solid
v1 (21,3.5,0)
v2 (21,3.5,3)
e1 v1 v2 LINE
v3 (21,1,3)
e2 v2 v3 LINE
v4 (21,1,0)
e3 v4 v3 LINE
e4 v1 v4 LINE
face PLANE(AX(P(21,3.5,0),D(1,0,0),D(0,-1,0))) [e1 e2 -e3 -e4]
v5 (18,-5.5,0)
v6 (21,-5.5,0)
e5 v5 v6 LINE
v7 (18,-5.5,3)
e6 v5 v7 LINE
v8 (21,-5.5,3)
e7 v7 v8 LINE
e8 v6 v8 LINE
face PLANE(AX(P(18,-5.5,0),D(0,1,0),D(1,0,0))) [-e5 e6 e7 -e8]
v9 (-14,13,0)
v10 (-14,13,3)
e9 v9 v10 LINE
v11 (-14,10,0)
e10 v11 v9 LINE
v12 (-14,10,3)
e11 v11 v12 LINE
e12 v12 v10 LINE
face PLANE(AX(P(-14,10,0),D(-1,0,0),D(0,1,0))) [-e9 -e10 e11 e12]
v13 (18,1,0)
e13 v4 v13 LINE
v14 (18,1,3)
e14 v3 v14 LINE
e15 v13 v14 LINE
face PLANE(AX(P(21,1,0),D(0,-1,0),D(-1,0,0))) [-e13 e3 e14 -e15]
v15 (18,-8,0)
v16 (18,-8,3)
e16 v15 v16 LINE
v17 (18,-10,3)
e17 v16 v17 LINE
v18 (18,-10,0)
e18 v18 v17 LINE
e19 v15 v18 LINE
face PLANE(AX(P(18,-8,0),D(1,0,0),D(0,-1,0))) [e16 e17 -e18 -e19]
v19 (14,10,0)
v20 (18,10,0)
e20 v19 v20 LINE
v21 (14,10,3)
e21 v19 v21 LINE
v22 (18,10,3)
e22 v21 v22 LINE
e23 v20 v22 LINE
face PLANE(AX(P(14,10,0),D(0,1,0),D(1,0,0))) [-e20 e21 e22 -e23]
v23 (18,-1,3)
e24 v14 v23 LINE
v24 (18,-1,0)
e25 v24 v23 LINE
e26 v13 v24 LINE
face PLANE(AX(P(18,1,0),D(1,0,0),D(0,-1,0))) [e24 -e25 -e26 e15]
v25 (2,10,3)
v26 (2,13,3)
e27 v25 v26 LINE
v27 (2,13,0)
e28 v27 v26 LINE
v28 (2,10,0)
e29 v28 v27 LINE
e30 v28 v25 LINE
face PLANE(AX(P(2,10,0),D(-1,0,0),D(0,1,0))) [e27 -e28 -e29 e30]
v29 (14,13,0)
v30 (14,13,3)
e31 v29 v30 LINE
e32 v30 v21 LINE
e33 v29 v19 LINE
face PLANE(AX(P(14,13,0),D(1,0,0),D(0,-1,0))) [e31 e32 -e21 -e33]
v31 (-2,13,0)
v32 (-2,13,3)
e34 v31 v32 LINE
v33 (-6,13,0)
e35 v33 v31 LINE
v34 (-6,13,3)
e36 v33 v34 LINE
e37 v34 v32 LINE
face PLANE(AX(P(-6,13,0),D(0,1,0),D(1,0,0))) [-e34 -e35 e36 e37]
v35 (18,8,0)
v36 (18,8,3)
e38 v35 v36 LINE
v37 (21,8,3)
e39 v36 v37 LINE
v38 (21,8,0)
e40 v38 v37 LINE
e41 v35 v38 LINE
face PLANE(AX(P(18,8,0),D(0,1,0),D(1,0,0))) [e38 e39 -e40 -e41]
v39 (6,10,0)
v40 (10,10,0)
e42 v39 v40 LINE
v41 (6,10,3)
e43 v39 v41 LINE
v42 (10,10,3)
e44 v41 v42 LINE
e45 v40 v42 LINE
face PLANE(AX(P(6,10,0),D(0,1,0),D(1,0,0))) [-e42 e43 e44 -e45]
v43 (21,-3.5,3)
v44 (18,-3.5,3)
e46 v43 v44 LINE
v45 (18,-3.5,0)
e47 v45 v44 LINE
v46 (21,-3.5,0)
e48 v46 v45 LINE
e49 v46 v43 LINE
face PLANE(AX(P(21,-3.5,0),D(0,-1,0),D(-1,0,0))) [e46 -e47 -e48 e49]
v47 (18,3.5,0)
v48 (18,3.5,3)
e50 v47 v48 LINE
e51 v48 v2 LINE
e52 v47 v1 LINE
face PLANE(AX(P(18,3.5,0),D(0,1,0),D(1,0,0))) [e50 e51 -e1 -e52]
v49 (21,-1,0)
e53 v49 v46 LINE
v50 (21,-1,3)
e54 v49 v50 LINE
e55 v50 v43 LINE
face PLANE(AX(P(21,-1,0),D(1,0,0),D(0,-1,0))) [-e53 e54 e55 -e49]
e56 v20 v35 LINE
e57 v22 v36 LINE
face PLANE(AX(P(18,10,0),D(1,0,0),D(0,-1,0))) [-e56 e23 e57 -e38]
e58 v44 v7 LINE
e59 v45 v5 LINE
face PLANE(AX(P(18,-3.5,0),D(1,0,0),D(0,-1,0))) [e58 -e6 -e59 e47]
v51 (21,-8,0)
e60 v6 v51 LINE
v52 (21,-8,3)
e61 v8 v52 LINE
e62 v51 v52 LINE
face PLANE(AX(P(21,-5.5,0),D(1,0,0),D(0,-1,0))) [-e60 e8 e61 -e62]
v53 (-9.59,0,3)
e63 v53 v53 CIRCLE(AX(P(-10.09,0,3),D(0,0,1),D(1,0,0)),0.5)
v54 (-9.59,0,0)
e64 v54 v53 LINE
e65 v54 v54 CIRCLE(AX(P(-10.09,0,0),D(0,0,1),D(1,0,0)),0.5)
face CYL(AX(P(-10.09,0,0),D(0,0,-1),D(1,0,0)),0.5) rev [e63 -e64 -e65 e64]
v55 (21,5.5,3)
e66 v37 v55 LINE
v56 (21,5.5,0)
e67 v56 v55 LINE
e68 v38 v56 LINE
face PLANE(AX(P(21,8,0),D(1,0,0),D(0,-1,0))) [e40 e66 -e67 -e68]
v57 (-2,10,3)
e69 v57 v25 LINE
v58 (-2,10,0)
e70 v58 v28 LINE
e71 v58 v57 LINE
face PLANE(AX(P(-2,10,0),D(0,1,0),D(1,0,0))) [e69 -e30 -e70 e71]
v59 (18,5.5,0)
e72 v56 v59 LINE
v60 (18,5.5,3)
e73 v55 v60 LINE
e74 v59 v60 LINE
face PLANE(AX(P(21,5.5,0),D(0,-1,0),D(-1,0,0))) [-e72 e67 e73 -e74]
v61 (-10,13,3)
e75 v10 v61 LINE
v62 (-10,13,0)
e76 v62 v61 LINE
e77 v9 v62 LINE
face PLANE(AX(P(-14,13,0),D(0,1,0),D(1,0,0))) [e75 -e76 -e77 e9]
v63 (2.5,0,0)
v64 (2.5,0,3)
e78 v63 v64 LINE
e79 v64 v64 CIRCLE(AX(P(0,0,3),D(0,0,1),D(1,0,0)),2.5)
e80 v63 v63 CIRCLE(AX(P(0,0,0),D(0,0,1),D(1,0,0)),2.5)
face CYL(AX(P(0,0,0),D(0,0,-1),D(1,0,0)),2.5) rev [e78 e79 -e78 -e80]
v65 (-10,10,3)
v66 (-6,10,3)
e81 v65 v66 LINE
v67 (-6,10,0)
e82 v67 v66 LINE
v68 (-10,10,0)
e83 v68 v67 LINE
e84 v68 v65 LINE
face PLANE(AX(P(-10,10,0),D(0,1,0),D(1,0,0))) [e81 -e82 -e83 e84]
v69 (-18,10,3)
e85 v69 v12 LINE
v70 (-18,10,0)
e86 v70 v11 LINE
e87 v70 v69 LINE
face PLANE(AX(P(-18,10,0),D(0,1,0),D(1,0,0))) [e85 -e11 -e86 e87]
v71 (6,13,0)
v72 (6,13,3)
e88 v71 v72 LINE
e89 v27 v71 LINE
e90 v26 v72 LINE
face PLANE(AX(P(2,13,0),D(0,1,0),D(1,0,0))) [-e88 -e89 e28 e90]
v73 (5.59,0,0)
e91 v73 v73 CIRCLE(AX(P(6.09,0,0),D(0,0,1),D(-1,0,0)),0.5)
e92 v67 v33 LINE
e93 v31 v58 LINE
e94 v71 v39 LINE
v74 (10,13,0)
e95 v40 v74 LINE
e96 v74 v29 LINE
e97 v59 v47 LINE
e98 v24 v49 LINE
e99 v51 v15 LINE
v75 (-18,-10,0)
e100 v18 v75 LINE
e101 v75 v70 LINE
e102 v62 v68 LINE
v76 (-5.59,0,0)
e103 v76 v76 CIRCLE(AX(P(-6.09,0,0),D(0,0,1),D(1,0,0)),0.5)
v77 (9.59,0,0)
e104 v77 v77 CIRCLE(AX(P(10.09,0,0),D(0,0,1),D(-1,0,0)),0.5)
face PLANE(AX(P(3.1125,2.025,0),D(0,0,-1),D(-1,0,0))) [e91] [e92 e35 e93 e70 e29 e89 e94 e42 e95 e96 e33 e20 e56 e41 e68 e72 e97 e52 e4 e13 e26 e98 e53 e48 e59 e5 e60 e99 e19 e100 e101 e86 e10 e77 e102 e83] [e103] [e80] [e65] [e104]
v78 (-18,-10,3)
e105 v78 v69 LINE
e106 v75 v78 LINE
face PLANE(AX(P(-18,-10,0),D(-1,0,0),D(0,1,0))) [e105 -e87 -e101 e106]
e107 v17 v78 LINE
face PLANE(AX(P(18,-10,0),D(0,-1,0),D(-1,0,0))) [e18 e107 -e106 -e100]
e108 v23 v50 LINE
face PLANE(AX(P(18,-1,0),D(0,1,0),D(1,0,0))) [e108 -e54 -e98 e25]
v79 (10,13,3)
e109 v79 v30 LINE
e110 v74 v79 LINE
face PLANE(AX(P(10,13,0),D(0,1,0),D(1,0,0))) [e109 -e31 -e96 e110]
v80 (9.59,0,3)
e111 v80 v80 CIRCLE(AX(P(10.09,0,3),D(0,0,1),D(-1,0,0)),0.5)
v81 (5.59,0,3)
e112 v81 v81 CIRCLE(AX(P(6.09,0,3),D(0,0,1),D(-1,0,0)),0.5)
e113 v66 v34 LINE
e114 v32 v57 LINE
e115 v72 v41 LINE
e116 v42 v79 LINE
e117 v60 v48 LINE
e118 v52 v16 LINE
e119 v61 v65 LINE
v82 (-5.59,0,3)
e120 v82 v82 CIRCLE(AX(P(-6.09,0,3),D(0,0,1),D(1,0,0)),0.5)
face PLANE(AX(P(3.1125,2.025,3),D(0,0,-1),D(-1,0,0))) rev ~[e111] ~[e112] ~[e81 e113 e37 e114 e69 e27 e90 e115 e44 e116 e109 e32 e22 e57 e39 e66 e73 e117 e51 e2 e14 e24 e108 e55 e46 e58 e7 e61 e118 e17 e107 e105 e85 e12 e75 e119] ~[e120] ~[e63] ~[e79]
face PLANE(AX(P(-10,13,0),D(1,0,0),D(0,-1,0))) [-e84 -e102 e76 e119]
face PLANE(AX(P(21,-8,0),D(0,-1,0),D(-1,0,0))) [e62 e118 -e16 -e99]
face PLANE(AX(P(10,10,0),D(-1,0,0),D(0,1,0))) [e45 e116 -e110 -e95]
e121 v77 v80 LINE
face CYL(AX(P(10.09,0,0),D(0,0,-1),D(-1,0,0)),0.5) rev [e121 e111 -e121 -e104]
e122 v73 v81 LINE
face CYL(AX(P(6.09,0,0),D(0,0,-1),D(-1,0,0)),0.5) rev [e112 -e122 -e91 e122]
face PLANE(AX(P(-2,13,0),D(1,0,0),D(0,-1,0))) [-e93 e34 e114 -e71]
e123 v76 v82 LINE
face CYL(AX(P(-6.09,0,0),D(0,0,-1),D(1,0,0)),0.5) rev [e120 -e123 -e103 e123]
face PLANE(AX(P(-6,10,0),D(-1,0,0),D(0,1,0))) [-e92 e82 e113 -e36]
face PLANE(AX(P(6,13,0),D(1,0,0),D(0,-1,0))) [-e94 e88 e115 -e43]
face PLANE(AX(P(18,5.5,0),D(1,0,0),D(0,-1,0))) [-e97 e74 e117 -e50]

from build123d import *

# Parameters (mm, degrees)
SKETCH1_R           = 2.5
SKETCH1_R_2         = 0.5
BOSS_EXTRUDE1_DEPTH = 3


with BuildPart() as part:
    # Sketch1 → Boss-Extrude1 (new body)
    with BuildSketch(Plane.XY):
        Polygon((18, 10), (18, 8), (21, 8), (21, 5.5), (18, 5.5), (18, 3.5), (21, 3.5), (21, 1), (18, 1), (18, -1), (21, -1), (21, -3.5), (18, -3.5), (18, -5.5), (21, -5.5), (21, -8), (18, -8), (18, -10), (-18, -10), (-18, 10), (-14, 10), (-14, 13), (-10, 13), (-10, 10), (-6, 10), (-6, 13), (-2, 13), (-2, 10), (2, 10), (2, 13), (6, 13), (6, 10), (10, 10), (10, 13), (14, 13), (14, 10), align=None)
        Circle(SKETCH1_R, mode=Mode.SUBTRACT)
        with Locations((-6.09, 0)):
            Circle(SKETCH1_R_2, mode=Mode.SUBTRACT)
        with Locations((-10.09, 0)):
            Circle(SKETCH1_R_2, mode=Mode.SUBTRACT)
        with Locations(Location((10.09, 0, 0), (0, 0, 180))):
            Circle(SKETCH1_R_2, mode=Mode.SUBTRACT)
        with Locations(Location((6.09, 0, 0), (0, 0, 180))):
            Circle(SKETCH1_R_2, mode=Mode.SUBTRACT)
    extrude(amount=BOSS_EXTRUDE1_DEPTH)


solid = part.part
